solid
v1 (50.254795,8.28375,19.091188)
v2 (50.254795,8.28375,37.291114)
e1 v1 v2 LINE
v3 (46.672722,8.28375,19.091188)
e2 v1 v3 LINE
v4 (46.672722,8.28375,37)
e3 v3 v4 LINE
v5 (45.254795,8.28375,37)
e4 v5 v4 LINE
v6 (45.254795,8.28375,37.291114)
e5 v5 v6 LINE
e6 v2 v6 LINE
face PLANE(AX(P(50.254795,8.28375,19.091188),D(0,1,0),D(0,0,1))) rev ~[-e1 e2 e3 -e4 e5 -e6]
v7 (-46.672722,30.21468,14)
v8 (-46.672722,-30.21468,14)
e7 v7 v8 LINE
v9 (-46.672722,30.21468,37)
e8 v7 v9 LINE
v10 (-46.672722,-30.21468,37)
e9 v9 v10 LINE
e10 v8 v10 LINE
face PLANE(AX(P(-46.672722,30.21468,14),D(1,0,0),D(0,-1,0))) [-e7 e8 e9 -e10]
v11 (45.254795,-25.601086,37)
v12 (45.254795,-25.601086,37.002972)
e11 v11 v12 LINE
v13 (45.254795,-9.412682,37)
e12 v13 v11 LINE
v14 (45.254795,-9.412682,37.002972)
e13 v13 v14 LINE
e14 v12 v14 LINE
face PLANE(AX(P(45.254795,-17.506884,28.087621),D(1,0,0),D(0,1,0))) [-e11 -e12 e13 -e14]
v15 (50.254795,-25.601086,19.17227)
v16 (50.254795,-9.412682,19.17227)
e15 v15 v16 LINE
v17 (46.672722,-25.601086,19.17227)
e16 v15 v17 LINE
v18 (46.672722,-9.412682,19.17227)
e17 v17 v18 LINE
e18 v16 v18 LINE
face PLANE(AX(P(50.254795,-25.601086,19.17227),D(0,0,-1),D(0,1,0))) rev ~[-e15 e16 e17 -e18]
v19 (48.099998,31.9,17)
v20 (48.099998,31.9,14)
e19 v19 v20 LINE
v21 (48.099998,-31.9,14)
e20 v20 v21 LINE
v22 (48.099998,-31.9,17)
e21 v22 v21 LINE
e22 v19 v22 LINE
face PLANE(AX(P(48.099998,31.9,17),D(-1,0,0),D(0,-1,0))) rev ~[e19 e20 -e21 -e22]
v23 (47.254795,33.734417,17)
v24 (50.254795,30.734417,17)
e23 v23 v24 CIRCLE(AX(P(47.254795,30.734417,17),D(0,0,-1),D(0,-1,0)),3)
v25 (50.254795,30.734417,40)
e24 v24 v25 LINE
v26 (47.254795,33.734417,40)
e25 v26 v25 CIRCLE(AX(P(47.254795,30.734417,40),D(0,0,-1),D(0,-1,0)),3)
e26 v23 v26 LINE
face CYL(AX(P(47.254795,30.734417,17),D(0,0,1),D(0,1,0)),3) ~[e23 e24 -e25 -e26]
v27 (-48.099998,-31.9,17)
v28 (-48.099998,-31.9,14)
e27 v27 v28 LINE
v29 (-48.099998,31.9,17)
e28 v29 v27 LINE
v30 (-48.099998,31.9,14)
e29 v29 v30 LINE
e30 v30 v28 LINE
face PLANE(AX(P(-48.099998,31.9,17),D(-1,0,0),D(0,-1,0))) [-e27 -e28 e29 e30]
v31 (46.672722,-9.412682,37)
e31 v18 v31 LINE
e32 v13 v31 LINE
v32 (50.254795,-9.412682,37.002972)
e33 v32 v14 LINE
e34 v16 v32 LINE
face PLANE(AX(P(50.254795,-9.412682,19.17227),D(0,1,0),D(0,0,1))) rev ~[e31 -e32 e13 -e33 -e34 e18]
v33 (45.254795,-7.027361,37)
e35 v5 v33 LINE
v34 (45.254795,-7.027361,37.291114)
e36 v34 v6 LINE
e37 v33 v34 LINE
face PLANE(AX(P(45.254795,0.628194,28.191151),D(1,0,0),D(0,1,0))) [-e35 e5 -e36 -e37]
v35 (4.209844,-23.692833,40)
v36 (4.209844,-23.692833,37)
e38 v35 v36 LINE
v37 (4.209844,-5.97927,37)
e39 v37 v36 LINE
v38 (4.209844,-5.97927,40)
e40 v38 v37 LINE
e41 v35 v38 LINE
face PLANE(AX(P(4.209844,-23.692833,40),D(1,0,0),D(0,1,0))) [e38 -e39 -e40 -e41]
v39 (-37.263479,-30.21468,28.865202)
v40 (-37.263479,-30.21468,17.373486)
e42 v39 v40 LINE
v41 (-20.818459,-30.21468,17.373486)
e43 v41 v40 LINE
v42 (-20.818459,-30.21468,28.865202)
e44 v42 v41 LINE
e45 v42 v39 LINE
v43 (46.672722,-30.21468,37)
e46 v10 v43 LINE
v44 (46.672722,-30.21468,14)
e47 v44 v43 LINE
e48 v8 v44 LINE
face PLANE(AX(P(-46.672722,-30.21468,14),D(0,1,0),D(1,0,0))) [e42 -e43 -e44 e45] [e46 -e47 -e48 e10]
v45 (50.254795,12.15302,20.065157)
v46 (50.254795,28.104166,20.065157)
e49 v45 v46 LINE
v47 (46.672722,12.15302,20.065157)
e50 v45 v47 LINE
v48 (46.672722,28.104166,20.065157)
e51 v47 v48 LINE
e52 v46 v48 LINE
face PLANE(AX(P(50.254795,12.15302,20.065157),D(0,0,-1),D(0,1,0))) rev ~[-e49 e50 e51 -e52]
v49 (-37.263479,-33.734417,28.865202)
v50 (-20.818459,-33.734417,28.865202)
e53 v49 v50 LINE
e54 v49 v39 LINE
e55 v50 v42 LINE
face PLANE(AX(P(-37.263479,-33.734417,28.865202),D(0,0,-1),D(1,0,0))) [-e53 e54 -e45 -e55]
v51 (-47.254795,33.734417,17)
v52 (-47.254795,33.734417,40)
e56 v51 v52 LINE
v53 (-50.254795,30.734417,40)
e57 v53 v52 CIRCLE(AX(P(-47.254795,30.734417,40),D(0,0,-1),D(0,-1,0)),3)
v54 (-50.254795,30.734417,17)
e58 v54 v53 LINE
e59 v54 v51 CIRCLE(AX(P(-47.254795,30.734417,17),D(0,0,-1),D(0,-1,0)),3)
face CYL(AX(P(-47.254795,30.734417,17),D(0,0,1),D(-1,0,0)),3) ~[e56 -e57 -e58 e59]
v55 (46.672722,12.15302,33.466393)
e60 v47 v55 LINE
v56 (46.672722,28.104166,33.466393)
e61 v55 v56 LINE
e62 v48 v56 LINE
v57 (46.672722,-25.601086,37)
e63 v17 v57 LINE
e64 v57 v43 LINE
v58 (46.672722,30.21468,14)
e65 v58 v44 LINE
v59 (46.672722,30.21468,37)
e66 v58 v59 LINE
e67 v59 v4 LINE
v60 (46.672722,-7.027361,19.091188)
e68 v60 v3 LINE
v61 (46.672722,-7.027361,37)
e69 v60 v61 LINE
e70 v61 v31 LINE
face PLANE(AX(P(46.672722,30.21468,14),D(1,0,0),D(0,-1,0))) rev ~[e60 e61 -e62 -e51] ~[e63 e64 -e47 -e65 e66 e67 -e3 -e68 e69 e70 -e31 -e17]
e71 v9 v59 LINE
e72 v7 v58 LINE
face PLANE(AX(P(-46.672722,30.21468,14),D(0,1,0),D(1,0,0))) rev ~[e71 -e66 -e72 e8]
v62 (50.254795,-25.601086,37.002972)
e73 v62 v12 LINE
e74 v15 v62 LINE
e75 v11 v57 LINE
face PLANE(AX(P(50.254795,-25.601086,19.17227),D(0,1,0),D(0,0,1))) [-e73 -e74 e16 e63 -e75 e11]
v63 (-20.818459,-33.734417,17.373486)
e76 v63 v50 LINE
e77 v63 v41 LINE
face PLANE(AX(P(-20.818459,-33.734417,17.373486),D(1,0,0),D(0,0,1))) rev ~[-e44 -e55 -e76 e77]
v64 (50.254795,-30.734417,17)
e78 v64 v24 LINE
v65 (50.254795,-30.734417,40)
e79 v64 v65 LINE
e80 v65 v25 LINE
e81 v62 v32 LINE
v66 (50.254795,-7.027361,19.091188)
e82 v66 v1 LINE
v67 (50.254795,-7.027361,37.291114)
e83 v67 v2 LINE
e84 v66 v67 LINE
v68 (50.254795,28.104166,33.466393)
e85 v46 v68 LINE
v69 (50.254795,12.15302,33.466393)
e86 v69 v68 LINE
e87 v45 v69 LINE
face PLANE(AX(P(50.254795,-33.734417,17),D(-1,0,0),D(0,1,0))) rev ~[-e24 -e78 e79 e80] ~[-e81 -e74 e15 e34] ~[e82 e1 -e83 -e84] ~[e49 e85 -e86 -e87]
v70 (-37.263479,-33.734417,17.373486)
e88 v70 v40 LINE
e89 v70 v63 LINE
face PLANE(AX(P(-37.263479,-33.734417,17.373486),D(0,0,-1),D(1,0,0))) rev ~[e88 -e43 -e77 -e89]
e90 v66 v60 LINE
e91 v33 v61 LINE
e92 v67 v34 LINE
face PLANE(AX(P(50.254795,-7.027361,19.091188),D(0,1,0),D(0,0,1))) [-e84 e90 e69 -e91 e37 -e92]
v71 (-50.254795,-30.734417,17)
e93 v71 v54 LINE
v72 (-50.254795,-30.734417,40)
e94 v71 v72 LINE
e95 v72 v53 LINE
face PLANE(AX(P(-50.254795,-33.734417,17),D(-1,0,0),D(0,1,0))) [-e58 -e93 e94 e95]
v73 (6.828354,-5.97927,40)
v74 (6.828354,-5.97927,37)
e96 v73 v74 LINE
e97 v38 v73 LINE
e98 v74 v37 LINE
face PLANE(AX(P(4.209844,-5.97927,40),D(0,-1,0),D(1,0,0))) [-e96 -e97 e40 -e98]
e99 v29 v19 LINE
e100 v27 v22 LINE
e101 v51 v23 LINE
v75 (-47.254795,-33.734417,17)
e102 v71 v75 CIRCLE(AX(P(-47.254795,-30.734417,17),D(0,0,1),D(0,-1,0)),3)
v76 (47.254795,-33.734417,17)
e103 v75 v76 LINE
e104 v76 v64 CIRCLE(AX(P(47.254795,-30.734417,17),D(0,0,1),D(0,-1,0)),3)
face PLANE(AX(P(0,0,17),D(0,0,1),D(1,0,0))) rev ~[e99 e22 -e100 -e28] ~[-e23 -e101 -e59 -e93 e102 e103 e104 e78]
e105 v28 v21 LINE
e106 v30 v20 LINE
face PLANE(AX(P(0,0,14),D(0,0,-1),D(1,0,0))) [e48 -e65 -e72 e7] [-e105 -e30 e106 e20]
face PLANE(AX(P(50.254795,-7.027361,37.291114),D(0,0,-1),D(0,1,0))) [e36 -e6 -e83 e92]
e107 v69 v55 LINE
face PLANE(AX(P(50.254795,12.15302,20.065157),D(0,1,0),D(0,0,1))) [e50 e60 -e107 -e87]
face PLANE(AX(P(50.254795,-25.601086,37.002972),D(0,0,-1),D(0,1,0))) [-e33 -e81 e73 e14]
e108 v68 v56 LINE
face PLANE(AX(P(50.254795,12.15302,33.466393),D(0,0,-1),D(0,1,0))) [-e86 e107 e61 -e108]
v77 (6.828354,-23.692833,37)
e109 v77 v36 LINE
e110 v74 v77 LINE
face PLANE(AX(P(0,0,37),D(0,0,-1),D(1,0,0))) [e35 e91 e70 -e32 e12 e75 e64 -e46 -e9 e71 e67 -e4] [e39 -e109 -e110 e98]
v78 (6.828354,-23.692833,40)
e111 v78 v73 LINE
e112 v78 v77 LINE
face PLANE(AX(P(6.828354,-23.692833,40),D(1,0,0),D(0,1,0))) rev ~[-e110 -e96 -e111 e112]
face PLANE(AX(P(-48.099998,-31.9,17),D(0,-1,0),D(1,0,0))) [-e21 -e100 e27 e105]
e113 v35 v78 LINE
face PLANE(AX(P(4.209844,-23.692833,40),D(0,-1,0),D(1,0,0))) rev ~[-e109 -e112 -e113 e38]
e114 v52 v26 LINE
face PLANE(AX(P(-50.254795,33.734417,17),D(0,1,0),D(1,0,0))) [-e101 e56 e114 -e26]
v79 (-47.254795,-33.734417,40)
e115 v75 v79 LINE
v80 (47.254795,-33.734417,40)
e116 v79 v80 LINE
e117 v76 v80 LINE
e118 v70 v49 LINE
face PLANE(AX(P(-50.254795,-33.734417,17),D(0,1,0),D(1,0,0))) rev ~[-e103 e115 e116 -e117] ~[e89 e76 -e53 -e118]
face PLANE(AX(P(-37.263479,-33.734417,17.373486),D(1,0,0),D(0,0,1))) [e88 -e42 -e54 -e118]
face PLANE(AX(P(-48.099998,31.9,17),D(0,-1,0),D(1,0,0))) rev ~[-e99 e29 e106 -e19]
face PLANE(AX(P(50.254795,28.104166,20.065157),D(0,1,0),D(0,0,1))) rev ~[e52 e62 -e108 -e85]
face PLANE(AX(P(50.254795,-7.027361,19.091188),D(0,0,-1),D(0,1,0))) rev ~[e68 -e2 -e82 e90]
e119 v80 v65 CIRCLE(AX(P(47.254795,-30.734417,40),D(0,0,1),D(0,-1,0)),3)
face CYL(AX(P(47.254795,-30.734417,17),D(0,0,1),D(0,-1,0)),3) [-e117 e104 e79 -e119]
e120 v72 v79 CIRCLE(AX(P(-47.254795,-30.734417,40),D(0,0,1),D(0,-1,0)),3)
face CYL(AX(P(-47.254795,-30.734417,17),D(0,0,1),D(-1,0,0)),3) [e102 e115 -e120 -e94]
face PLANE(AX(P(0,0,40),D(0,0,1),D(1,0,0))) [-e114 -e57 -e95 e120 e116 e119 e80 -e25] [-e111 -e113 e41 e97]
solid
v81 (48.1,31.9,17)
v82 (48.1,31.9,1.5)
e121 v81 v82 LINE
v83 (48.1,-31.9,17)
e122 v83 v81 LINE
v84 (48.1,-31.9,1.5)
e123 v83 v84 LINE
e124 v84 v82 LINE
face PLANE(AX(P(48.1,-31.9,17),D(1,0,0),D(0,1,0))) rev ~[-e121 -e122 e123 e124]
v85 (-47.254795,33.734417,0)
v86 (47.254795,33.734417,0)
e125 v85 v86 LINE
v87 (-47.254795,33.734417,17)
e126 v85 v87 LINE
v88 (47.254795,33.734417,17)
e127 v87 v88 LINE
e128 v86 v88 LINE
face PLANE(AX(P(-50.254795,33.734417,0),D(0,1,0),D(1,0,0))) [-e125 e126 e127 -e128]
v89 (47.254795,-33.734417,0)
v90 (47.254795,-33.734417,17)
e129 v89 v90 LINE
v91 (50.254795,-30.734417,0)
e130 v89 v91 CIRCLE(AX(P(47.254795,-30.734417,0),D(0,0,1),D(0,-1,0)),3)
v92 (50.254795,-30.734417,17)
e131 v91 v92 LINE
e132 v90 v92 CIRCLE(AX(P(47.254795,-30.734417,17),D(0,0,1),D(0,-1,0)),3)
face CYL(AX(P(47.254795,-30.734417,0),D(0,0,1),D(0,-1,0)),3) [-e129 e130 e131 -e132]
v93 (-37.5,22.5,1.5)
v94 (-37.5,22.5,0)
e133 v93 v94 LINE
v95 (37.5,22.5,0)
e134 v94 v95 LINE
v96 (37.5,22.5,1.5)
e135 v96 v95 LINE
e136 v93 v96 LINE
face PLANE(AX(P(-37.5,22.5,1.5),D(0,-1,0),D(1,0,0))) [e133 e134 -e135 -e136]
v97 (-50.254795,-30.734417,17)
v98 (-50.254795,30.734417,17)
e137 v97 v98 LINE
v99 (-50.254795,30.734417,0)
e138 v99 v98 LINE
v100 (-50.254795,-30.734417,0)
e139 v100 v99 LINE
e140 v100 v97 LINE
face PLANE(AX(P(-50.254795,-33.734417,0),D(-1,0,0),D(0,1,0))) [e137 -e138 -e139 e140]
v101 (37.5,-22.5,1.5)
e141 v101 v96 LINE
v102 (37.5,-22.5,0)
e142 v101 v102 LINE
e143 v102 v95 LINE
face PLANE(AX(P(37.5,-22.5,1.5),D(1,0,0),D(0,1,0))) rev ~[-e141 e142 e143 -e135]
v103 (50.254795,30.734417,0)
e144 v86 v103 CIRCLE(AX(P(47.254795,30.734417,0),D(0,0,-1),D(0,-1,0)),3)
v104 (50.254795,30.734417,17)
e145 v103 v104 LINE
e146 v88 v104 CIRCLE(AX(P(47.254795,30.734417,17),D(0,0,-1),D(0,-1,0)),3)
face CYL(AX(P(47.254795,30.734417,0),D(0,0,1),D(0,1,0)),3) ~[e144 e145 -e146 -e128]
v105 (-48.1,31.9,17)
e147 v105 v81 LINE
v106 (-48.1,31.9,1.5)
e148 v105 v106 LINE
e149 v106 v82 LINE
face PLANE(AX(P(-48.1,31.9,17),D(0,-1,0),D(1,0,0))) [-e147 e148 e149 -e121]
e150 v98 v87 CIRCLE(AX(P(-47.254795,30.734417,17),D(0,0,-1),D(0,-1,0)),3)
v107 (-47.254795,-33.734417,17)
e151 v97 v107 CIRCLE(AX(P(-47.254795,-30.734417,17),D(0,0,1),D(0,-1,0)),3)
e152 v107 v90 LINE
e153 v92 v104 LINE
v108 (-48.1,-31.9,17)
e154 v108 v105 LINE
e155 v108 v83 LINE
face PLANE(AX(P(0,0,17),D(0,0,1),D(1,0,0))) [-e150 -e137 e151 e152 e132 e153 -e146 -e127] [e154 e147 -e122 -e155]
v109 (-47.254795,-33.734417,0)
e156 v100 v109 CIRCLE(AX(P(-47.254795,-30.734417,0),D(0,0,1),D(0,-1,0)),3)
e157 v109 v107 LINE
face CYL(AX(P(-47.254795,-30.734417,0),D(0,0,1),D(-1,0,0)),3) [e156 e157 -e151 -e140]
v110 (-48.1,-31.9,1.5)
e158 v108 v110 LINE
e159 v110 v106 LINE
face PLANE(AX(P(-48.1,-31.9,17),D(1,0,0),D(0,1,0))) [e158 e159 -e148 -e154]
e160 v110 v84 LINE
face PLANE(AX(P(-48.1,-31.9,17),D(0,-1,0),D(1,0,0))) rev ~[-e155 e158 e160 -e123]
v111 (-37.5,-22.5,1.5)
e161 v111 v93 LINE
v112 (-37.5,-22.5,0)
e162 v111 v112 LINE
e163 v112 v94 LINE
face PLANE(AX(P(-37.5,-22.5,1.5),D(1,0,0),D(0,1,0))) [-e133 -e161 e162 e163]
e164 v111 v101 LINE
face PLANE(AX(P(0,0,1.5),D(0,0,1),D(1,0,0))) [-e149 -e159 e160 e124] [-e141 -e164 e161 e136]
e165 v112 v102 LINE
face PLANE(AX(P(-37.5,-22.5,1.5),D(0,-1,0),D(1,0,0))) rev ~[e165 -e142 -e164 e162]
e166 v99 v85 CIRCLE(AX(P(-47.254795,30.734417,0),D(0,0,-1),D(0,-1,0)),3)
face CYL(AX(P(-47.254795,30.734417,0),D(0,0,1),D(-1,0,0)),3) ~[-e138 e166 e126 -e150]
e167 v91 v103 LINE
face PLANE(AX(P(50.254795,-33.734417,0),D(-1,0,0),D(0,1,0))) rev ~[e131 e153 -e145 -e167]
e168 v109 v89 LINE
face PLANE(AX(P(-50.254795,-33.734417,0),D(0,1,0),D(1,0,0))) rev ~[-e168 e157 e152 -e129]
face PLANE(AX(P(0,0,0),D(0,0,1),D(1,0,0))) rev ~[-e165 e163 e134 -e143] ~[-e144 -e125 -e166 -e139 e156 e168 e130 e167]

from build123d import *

# Parameters (mm, degrees)
SKETCH_W        = 100.50959
SKETCH_H        = 67.468834
PAD_DEPTH       = 17
SKETCH001_W     = 96.2
SKETCH001_H     = 63.8
POCKET_DEPTH    = 15.5
SKETCH002_W     = 75
SKETCH002_H     = 45
POCKET001_DEPTH = 1.5
FILLET_R        = 3
SKETCH003_W     = 100.50959
SKETCH003_H     = 67.468834
PAD001_DEPTH    = 23
SKETCH004_W     = 96.199996
SKETCH004_H     = 63.8
PAD002_DEPTH    = 3
SKETCH005_W     = 93.345444
SKETCH005_H     = 60.42936
POCKET002_DEPTH = 23
SKETCH006_W     = 16.188404
SKETCH006_H     = 17.830702
SKETCH006_W_2   = 15.311111
SKETCH006_H_2   = 18.199926
SKETCH006_W_3   = 15.951146
SKETCH006_H_3   = 13.401236
POCKET003_DEPTH = 5
SKETCH007_W     = 16.44502
SKETCH007_H     = 11.491716
POCKET004_DEPTH = 5
SKETCH008_W     = 2.618509
SKETCH008_H     = 17.713563
POCKET005_DEPTH = 5
FILLET001_R     = 3


with BuildPart() as body:
    # Sketch → Pad (new body)
    with BuildSketch(Plane.XY):
        Rectangle(SKETCH_W, SKETCH_H)
    extrude(amount=PAD_DEPTH)

    # Sketch001 (on Face6 of Pad) → Pocket (cut)
    with BuildSketch(Plane.XY.offset(17)):
        Rectangle(SKETCH001_W, SKETCH001_H)
    extrude(amount=-POCKET_DEPTH, mode=Mode.SUBTRACT)

    # Sketch002 (on Face11 of Pocket) → Pocket001 (cut)
    with BuildSketch(Plane.XY.offset(1.5)):
        Rectangle(SKETCH002_W, SKETCH002_H)
    extrude(amount=-POCKET001_DEPTH, mode=Mode.SUBTRACT)

    # Fillet
    fillet_edges = [body.edges().sort_by_distance(p)[0] for p in [
        (50.254795, -33.734417, 8.5),
        (50.254795, 33.734417, 8.5),
        (-50.254795, 33.734417, 8.5),
        (-50.254795, -33.734417, 8.5),
    ]]
    fillet(fillet_edges, radius=FILLET_R)


with BuildPart() as body001:
    # Sketch003 (on ShapeBinder) → Pad001 (new body)
    with BuildSketch(Plane.XY.offset(17)):
        Rectangle(SKETCH003_W, SKETCH003_H)
    extrude(amount=PAD001_DEPTH)

    # Sketch004 (on Face5 of Pad001) → Pad002 (join)
    with BuildSketch(Plane(origin=(0, 0, 17), x_dir=(1, 0, 0), z_dir=(0, 0, -1))):
        Rectangle(SKETCH004_W, SKETCH004_H)
    extrude(amount=PAD002_DEPTH)

    # Sketch005 (on Face11 of Pad002) → Pocket002 (cut)
    with BuildSketch(Plane(origin=(0, 0, 14), x_dir=(1, 0, 0), z_dir=(0, 0, -1))):
        Rectangle(SKETCH005_W, SKETCH005_H)
    extrude(amount=-POCKET002_DEPTH, mode=Mode.SUBTRACT)

    # Sketch006 (on Face3 of Pocket002) → Pocket003 (cut)
    with BuildSketch(Plane.YZ.offset(50.254795)):
        with Locations((-17.506884, 28.087621)):
            Rectangle(SKETCH006_W, SKETCH006_H)
        with Locations((0.628194, 28.191151)):
            Rectangle(SKETCH006_W_2, SKETCH006_H_2)
        with Locations((20.128593, 26.765775)):
            Rectangle(SKETCH006_W_3, SKETCH006_H_3)
    extrude(amount=-POCKET003_DEPTH, mode=Mode.SUBTRACT)

    # Sketch007 (on Face6 of Pocket003) → Pocket004 (cut)
    with BuildSketch(Plane.XZ.offset(33.734417)):
        with Locations((-29.040969, 23.119344)):
            Rectangle(SKETCH007_W, SKETCH007_H)
    extrude(amount=-POCKET004_DEPTH, mode=Mode.SUBTRACT)

    # Sketch008 (on Face5 of Pocket004) → Pocket005 (cut)
    with BuildSketch(Plane.XY.offset(40)):
        with Locations((5.519099, -14.836051)):
            Rectangle(SKETCH008_W, SKETCH008_H)
    extrude(amount=-POCKET005_DEPTH, mode=Mode.SUBTRACT)

    # Fillet001
    fillet001_edges = [body001.edges().sort_by_distance(p)[0] for p in [
        (50.254795, 33.734417, 28.5),
        (50.254795, -33.734417, 28.5),
        (-50.254795, -33.734417, 28.5),
        (-50.254795, 33.734417, 28.5),
    ]]
    fillet(fillet001_edges, radius=FILLET001_R)


solid = Compound([body.part, body001.part])
